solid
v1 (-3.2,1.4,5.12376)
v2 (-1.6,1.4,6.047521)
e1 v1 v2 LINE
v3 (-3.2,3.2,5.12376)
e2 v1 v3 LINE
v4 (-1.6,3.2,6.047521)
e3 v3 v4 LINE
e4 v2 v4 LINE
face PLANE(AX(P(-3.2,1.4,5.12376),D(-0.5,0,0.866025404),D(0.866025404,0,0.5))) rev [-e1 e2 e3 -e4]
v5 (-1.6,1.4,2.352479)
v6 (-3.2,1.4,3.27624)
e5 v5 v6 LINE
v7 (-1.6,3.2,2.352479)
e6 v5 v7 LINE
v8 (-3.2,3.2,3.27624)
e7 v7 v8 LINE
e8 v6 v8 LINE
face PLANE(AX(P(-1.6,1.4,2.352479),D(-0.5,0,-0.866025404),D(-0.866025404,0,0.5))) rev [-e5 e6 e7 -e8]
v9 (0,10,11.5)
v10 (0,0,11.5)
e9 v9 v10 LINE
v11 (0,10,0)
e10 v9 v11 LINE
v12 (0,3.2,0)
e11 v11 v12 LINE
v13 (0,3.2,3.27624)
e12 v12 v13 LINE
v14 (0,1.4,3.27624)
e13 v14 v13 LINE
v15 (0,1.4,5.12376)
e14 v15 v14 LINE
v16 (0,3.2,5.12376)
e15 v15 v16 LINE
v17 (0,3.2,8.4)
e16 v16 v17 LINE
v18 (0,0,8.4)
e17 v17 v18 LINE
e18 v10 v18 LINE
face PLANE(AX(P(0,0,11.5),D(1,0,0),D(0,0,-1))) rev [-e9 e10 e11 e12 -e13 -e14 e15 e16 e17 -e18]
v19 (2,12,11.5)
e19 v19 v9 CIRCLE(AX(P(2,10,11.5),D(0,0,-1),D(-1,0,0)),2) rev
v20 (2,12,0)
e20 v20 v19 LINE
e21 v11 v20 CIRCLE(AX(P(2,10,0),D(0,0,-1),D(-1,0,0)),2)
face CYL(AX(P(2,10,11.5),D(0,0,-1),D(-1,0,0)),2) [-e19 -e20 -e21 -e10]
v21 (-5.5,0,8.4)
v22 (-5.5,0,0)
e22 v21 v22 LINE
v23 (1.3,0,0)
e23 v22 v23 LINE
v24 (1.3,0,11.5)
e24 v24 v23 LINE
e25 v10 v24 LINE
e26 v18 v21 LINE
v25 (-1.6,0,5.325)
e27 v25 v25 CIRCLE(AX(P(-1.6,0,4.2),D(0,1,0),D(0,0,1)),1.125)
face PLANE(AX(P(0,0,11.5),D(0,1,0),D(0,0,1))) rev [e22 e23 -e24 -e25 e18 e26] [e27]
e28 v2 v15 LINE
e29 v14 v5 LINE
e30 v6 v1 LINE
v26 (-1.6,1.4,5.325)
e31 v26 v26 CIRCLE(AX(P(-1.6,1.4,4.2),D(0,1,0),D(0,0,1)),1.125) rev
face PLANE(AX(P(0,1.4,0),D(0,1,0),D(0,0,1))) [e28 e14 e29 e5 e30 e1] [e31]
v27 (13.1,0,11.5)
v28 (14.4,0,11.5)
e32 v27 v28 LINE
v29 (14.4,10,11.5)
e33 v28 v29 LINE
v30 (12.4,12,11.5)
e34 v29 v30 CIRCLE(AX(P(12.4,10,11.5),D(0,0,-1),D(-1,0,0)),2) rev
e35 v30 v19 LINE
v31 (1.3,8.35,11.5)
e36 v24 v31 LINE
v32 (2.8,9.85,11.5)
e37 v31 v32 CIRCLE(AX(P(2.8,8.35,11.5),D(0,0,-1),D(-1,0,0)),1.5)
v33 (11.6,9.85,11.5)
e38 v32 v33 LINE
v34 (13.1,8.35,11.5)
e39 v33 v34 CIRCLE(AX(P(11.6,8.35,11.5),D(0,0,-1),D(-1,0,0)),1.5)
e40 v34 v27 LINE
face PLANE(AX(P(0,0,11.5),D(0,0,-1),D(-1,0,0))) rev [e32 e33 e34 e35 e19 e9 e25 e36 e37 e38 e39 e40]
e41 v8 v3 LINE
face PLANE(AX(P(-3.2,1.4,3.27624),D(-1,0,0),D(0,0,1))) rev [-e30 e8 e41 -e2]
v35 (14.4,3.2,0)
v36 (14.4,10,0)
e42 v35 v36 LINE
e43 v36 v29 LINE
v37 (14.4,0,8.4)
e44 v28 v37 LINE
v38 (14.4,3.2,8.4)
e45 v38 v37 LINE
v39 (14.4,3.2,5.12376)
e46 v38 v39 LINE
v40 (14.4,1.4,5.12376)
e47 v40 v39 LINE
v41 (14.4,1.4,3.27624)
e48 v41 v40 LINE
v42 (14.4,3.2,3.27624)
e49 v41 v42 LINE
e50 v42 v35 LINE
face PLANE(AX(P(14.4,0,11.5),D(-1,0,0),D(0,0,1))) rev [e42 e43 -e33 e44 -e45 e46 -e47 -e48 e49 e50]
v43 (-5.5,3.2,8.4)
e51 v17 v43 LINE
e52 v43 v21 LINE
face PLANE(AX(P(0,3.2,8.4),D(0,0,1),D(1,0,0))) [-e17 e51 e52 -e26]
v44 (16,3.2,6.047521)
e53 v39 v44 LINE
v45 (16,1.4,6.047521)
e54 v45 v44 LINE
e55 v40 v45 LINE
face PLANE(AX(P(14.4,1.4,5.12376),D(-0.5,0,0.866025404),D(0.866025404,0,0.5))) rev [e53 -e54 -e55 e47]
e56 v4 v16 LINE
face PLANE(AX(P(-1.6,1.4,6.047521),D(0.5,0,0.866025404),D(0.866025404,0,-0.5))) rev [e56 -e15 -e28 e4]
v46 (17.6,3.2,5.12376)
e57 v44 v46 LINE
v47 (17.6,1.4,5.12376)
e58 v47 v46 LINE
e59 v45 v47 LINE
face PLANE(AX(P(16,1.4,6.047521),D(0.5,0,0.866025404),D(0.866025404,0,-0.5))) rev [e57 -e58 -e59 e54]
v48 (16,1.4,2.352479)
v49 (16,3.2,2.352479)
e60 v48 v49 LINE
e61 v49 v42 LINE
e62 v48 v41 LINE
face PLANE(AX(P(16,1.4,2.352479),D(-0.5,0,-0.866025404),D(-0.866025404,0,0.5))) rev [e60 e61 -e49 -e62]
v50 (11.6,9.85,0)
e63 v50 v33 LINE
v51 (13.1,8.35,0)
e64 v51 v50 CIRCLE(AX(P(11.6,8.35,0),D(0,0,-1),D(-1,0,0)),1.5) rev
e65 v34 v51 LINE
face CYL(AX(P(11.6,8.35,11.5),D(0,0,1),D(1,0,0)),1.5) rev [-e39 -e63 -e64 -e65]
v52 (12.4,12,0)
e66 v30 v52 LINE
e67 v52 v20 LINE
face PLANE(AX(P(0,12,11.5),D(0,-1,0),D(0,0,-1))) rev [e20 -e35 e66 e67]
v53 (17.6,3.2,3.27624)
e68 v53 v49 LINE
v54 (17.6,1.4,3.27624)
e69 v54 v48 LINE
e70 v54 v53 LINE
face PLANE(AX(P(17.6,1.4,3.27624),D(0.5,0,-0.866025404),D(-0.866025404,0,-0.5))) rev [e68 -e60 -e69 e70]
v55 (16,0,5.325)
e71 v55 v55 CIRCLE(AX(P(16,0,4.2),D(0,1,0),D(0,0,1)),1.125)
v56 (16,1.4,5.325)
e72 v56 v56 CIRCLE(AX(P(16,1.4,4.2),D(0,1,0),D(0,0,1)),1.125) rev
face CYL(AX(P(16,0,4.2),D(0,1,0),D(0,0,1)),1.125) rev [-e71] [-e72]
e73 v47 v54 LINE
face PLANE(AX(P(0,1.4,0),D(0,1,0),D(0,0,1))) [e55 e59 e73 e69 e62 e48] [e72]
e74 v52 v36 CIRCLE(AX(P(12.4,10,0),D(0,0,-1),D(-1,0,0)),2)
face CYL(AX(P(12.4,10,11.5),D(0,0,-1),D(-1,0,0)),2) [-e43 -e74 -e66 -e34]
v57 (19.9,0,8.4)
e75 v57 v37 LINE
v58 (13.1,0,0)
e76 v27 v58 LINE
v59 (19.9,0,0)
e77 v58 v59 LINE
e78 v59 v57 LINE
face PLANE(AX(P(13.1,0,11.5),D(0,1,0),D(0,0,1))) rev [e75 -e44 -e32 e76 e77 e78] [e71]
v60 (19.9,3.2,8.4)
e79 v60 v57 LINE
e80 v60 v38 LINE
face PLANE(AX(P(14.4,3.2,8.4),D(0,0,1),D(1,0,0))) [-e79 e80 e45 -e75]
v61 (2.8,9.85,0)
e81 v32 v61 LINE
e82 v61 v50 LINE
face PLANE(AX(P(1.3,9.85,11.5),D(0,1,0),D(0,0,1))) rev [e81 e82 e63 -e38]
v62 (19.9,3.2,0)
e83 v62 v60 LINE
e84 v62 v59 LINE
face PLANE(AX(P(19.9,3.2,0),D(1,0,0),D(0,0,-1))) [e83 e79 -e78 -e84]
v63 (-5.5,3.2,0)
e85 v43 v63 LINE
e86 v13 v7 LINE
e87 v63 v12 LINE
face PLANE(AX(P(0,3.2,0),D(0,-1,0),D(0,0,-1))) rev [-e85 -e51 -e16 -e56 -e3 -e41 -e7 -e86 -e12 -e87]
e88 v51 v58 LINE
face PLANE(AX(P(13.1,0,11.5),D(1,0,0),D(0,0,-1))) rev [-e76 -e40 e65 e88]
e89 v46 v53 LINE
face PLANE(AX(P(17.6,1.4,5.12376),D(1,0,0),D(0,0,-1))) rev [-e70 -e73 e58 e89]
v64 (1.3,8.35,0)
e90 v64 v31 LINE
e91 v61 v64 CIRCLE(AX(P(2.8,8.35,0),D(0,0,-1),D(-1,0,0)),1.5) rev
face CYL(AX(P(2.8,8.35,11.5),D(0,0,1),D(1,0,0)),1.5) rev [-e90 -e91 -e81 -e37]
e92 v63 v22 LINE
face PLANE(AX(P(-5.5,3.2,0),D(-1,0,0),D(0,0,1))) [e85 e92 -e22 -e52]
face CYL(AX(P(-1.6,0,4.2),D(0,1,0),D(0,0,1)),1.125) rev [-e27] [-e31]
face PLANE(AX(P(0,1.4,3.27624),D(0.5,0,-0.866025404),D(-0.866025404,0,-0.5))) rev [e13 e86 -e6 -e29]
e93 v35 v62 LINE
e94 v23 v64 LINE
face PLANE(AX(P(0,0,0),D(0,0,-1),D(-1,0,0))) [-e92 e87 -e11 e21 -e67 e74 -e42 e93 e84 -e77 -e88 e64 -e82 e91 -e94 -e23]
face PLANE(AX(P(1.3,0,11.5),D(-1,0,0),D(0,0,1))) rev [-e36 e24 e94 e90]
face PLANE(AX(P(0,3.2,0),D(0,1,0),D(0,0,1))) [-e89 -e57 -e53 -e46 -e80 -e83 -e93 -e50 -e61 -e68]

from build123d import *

# Parameters (mm, degrees)
EXTRUDE_1_DEPTH     = 11.5
SKETCH_2_W          = 5.5
SKETCH_2_H          = 8.4
EXTRUDE_2_DEPTH     = 3.2
SKETCH_3_R          = 1.125
CUT_EXTRUDE_1_DEPTH = 4.2
CUT_EXTRUDE_2_DEPTH = 1.8
FILLET_2_R          = 2
FILLET_3_R          = 1.5


with BuildPart() as part:
    # 草图1 → 凸台-拉伸1 (new body)
    with BuildSketch(Plane.XY):
        Polygon((13.1, 0), (14.4, 0), (14.4, 12), (0, 12), (0, 0), (1.3, 0), (1.3, 9.85), (13.1, 9.85), align=None)
    extrude(amount=EXTRUDE_1_DEPTH)

    # 草图2 → 凸台-拉伸2 (add)
    with BuildSketch(Plane.XZ):
        with Locations((-2.75, 4.2)):
            Rectangle(SKETCH_2_W, SKETCH_2_H)
        with Locations((17.15, 4.2)):
            Rectangle(SKETCH_2_W, SKETCH_2_H)
    extrude(amount=-EXTRUDE_2_DEPTH)

    # 草图3 → 切除-拉伸1 (cut, through all)
    with BuildSketch(Plane(origin=(0, 3.2, 0), x_dir=(1, 0, 0), z_dir=(0, 1, 0))):
        with Locations((-1.6, -4.2)):
            Circle(SKETCH_3_R)
        with Locations((16, -4.2)):
            Circle(SKETCH_3_R)
    extrude(amount=-CUT_EXTRUDE_1_DEPTH, mode=Mode.SUBTRACT)

    # 草图4 → 切除-拉伸2 (cut)
    with BuildSketch(Plane(origin=(0, 3.2, 0), x_dir=(1, 0, 0), z_dir=(0, 1, 0))):
        Polygon((-1.6, -2.352479139), (-3.2, -3.276239569), (-3.2, -5.123760431), (-1.6, -6.047520861), (0, -5.123760431), (0, -3.276239569), align=None)
        Polygon((16, -2.352479139), (14.4, -3.276239569), (14.4, -5.123760431), (16, -6.047520861), (17.6, -5.123760431), (17.6, -3.276239569), align=None)
    extrude(amount=-CUT_EXTRUDE_2_DEPTH, mode=Mode.SUBTRACT)

    # 圆角2
    fillet_2_edges = [part.edges().sort_by_distance(p)[0] for p in [
        (0, 12, 5.75),
        (14.4, 12, 5.75),
    ]]
    fillet(fillet_2_edges, radius=FILLET_2_R)

    # 圆角3
    fillet_3_edges = [part.edges().sort_by_distance(p)[0] for p in [
        (13.1, 9.85, 5.75),
        (1.3, 9.85, 5.75),
    ]]
    fillet(fillet_3_edges, radius=FILLET_3_R)


solid = part.part
